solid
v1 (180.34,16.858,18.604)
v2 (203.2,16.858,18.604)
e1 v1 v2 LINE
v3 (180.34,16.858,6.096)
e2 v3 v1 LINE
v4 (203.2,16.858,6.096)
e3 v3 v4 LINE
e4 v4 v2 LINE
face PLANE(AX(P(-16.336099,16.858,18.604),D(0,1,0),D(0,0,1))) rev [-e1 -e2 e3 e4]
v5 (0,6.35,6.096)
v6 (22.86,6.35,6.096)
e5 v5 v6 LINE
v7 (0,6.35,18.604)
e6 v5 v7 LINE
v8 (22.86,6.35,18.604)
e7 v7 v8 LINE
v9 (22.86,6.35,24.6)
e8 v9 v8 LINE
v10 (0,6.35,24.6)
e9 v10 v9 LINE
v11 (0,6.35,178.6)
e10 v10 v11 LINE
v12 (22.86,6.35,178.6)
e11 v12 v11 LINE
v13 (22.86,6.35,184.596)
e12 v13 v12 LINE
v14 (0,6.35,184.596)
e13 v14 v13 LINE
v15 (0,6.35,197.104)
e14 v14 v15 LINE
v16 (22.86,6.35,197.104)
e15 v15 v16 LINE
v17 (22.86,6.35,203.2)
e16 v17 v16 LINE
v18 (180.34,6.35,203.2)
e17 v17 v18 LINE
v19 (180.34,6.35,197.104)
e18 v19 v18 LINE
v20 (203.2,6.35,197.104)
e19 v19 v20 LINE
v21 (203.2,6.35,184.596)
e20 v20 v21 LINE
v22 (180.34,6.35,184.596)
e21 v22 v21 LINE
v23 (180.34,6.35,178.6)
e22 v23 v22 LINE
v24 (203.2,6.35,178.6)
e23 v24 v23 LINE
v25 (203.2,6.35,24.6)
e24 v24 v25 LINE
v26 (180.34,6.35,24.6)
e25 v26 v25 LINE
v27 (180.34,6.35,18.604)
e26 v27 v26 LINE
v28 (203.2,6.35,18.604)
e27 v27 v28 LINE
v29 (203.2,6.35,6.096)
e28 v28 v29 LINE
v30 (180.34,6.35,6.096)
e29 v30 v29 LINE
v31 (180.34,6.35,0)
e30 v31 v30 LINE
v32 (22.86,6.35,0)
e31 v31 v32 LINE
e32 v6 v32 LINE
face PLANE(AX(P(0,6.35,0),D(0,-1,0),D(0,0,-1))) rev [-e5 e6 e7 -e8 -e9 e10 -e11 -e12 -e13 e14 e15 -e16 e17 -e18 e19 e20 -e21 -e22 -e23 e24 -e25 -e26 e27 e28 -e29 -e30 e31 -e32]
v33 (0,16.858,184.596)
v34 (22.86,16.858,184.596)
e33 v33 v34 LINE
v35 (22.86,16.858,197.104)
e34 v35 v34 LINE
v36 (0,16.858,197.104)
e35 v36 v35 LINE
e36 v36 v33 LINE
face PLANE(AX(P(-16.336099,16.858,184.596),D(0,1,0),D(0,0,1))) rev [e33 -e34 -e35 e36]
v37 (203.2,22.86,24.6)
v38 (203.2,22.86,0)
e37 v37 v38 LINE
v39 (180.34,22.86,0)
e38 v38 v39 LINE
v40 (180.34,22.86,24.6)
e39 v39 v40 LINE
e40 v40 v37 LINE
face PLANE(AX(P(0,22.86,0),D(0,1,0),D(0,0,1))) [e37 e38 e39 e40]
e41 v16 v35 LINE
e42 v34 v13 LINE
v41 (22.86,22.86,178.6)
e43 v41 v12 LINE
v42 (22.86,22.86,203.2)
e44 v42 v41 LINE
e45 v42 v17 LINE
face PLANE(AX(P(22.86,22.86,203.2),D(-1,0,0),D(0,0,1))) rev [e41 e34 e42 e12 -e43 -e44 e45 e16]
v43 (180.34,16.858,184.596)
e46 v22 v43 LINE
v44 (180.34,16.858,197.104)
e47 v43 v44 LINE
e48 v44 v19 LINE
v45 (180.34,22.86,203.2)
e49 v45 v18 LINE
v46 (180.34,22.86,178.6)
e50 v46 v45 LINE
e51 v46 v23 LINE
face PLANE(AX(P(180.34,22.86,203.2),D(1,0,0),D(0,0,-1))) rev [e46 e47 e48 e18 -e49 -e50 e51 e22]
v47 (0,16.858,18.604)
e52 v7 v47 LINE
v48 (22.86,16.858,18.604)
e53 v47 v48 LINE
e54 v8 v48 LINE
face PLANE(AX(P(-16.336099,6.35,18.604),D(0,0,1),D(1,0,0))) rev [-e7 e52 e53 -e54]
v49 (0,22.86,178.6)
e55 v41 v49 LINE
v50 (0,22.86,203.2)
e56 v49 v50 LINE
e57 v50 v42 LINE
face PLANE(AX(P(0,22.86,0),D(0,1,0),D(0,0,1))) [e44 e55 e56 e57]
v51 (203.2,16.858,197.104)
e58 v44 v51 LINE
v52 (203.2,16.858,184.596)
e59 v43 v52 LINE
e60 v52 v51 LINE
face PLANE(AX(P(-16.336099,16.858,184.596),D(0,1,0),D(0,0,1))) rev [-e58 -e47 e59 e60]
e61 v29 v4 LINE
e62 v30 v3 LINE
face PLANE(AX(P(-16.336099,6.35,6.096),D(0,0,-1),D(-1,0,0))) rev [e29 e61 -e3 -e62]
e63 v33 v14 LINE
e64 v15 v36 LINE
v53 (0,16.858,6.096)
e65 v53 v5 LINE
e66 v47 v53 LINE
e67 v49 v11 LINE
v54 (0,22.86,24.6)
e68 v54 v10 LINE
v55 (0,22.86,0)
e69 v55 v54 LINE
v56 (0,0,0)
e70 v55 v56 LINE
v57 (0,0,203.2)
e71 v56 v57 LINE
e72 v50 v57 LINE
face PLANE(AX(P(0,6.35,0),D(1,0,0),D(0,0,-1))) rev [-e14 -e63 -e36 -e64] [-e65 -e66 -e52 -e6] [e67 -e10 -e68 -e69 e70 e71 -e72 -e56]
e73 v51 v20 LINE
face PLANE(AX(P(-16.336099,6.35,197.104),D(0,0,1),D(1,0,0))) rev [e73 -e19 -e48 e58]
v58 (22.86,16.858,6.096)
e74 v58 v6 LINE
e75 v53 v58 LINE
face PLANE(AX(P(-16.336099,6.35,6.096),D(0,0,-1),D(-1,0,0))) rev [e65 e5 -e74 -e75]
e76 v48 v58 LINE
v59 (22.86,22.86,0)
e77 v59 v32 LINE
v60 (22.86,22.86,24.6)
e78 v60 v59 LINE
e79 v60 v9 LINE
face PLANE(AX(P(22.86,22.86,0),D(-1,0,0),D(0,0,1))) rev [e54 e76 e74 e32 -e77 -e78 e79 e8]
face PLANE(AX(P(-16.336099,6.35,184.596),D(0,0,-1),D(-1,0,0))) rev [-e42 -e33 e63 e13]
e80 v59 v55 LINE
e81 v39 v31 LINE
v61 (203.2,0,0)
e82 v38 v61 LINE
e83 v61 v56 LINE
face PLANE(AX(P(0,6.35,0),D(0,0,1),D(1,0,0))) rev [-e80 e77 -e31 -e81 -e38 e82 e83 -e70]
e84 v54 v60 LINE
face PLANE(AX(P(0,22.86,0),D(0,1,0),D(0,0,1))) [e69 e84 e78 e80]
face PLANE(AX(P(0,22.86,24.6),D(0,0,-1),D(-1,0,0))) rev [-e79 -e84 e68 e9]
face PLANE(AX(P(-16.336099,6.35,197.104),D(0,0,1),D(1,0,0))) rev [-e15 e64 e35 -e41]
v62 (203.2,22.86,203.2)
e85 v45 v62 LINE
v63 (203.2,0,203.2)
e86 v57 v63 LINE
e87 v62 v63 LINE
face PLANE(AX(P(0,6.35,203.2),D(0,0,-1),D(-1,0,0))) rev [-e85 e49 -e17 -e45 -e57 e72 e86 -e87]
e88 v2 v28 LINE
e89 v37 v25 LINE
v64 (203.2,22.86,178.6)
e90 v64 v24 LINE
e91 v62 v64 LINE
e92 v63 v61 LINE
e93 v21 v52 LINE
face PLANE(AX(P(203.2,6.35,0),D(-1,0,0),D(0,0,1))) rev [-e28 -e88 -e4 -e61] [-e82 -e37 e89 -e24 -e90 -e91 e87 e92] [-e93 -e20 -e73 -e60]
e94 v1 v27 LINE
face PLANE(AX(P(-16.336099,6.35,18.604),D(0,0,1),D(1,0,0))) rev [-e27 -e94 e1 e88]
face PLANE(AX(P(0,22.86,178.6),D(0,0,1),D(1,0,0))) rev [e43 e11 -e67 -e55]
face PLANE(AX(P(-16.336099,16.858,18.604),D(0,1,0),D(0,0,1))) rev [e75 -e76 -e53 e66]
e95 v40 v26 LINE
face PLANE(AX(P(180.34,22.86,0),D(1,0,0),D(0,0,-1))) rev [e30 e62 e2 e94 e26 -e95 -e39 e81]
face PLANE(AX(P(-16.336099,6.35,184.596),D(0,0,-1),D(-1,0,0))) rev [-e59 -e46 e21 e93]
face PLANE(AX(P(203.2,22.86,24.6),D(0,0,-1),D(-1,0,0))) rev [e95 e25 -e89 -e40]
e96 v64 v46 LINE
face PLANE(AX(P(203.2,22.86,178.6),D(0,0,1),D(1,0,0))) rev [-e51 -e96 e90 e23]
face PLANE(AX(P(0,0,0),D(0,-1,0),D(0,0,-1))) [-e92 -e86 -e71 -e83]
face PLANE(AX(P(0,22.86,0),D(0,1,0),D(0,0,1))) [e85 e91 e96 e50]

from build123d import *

# Parameters (mm, degrees)
SKETCH2_W           = 203.2
SKETCH2_H           = 203.2
BOSS_EXTRUDE1_DEPTH = 6.35
SKETCH3_W           = 22.86
SKETCH3_H           = 24.6
BOSS_EXTRUDE2_DEPTH = 16.51
CUT_EXTRUDE1_START  = -203.2
SKETCH4_W           = 12.508
SKETCH4_H           = 10.508
CUT_EXTRUDE1_DEPTH  = 203.2


with BuildPart() as part:
    # Sketch2 → Boss-Extrude1 (new body)
    with BuildSketch(Plane(origin=(0, 0, 0), x_dir=(1, 0, 0), z_dir=(0, 1, 0))):
        with Locations((101.6, -101.6)):
            Rectangle(SKETCH2_W, SKETCH2_H)
    extrude(amount=BOSS_EXTRUDE1_DEPTH)

    # Sketch3 → Boss-Extrude2 (add)
    with BuildSketch(Plane(origin=(0, 6.35, 0), x_dir=(1, 0, 0), z_dir=(0, 1, 0))):
        with Locations((191.77, -190.9)):
            Rectangle(SKETCH3_W, SKETCH3_H)
        with Locations((11.43, -190.9)):
            Rectangle(SKETCH3_W, SKETCH3_H)
        with Locations((11.43, -12.3)):
            Rectangle(SKETCH3_W, SKETCH3_H)
        with Locations((191.77, -12.3)):
            Rectangle(SKETCH3_W, SKETCH3_H)
    extrude(amount=BOSS_EXTRUDE2_DEPTH)

    # Sketch4 → Cut-Extrude1 (cut)
    with BuildSketch(Plane(origin=(203.2, 0, 0), x_dir=(0, 0, -1), z_dir=(1, 0, 0)).offset(CUT_EXTRUDE1_START)):
        with Locations((-190.85, 11.604)):
            Rectangle(SKETCH4_W, SKETCH4_H)
        with Locations((-12.35, 11.604)):
            Rectangle(SKETCH4_W, SKETCH4_H)
    extrude(amount=CUT_EXTRUDE1_DEPTH, mode=Mode.SUBTRACT)


solid = part.part
